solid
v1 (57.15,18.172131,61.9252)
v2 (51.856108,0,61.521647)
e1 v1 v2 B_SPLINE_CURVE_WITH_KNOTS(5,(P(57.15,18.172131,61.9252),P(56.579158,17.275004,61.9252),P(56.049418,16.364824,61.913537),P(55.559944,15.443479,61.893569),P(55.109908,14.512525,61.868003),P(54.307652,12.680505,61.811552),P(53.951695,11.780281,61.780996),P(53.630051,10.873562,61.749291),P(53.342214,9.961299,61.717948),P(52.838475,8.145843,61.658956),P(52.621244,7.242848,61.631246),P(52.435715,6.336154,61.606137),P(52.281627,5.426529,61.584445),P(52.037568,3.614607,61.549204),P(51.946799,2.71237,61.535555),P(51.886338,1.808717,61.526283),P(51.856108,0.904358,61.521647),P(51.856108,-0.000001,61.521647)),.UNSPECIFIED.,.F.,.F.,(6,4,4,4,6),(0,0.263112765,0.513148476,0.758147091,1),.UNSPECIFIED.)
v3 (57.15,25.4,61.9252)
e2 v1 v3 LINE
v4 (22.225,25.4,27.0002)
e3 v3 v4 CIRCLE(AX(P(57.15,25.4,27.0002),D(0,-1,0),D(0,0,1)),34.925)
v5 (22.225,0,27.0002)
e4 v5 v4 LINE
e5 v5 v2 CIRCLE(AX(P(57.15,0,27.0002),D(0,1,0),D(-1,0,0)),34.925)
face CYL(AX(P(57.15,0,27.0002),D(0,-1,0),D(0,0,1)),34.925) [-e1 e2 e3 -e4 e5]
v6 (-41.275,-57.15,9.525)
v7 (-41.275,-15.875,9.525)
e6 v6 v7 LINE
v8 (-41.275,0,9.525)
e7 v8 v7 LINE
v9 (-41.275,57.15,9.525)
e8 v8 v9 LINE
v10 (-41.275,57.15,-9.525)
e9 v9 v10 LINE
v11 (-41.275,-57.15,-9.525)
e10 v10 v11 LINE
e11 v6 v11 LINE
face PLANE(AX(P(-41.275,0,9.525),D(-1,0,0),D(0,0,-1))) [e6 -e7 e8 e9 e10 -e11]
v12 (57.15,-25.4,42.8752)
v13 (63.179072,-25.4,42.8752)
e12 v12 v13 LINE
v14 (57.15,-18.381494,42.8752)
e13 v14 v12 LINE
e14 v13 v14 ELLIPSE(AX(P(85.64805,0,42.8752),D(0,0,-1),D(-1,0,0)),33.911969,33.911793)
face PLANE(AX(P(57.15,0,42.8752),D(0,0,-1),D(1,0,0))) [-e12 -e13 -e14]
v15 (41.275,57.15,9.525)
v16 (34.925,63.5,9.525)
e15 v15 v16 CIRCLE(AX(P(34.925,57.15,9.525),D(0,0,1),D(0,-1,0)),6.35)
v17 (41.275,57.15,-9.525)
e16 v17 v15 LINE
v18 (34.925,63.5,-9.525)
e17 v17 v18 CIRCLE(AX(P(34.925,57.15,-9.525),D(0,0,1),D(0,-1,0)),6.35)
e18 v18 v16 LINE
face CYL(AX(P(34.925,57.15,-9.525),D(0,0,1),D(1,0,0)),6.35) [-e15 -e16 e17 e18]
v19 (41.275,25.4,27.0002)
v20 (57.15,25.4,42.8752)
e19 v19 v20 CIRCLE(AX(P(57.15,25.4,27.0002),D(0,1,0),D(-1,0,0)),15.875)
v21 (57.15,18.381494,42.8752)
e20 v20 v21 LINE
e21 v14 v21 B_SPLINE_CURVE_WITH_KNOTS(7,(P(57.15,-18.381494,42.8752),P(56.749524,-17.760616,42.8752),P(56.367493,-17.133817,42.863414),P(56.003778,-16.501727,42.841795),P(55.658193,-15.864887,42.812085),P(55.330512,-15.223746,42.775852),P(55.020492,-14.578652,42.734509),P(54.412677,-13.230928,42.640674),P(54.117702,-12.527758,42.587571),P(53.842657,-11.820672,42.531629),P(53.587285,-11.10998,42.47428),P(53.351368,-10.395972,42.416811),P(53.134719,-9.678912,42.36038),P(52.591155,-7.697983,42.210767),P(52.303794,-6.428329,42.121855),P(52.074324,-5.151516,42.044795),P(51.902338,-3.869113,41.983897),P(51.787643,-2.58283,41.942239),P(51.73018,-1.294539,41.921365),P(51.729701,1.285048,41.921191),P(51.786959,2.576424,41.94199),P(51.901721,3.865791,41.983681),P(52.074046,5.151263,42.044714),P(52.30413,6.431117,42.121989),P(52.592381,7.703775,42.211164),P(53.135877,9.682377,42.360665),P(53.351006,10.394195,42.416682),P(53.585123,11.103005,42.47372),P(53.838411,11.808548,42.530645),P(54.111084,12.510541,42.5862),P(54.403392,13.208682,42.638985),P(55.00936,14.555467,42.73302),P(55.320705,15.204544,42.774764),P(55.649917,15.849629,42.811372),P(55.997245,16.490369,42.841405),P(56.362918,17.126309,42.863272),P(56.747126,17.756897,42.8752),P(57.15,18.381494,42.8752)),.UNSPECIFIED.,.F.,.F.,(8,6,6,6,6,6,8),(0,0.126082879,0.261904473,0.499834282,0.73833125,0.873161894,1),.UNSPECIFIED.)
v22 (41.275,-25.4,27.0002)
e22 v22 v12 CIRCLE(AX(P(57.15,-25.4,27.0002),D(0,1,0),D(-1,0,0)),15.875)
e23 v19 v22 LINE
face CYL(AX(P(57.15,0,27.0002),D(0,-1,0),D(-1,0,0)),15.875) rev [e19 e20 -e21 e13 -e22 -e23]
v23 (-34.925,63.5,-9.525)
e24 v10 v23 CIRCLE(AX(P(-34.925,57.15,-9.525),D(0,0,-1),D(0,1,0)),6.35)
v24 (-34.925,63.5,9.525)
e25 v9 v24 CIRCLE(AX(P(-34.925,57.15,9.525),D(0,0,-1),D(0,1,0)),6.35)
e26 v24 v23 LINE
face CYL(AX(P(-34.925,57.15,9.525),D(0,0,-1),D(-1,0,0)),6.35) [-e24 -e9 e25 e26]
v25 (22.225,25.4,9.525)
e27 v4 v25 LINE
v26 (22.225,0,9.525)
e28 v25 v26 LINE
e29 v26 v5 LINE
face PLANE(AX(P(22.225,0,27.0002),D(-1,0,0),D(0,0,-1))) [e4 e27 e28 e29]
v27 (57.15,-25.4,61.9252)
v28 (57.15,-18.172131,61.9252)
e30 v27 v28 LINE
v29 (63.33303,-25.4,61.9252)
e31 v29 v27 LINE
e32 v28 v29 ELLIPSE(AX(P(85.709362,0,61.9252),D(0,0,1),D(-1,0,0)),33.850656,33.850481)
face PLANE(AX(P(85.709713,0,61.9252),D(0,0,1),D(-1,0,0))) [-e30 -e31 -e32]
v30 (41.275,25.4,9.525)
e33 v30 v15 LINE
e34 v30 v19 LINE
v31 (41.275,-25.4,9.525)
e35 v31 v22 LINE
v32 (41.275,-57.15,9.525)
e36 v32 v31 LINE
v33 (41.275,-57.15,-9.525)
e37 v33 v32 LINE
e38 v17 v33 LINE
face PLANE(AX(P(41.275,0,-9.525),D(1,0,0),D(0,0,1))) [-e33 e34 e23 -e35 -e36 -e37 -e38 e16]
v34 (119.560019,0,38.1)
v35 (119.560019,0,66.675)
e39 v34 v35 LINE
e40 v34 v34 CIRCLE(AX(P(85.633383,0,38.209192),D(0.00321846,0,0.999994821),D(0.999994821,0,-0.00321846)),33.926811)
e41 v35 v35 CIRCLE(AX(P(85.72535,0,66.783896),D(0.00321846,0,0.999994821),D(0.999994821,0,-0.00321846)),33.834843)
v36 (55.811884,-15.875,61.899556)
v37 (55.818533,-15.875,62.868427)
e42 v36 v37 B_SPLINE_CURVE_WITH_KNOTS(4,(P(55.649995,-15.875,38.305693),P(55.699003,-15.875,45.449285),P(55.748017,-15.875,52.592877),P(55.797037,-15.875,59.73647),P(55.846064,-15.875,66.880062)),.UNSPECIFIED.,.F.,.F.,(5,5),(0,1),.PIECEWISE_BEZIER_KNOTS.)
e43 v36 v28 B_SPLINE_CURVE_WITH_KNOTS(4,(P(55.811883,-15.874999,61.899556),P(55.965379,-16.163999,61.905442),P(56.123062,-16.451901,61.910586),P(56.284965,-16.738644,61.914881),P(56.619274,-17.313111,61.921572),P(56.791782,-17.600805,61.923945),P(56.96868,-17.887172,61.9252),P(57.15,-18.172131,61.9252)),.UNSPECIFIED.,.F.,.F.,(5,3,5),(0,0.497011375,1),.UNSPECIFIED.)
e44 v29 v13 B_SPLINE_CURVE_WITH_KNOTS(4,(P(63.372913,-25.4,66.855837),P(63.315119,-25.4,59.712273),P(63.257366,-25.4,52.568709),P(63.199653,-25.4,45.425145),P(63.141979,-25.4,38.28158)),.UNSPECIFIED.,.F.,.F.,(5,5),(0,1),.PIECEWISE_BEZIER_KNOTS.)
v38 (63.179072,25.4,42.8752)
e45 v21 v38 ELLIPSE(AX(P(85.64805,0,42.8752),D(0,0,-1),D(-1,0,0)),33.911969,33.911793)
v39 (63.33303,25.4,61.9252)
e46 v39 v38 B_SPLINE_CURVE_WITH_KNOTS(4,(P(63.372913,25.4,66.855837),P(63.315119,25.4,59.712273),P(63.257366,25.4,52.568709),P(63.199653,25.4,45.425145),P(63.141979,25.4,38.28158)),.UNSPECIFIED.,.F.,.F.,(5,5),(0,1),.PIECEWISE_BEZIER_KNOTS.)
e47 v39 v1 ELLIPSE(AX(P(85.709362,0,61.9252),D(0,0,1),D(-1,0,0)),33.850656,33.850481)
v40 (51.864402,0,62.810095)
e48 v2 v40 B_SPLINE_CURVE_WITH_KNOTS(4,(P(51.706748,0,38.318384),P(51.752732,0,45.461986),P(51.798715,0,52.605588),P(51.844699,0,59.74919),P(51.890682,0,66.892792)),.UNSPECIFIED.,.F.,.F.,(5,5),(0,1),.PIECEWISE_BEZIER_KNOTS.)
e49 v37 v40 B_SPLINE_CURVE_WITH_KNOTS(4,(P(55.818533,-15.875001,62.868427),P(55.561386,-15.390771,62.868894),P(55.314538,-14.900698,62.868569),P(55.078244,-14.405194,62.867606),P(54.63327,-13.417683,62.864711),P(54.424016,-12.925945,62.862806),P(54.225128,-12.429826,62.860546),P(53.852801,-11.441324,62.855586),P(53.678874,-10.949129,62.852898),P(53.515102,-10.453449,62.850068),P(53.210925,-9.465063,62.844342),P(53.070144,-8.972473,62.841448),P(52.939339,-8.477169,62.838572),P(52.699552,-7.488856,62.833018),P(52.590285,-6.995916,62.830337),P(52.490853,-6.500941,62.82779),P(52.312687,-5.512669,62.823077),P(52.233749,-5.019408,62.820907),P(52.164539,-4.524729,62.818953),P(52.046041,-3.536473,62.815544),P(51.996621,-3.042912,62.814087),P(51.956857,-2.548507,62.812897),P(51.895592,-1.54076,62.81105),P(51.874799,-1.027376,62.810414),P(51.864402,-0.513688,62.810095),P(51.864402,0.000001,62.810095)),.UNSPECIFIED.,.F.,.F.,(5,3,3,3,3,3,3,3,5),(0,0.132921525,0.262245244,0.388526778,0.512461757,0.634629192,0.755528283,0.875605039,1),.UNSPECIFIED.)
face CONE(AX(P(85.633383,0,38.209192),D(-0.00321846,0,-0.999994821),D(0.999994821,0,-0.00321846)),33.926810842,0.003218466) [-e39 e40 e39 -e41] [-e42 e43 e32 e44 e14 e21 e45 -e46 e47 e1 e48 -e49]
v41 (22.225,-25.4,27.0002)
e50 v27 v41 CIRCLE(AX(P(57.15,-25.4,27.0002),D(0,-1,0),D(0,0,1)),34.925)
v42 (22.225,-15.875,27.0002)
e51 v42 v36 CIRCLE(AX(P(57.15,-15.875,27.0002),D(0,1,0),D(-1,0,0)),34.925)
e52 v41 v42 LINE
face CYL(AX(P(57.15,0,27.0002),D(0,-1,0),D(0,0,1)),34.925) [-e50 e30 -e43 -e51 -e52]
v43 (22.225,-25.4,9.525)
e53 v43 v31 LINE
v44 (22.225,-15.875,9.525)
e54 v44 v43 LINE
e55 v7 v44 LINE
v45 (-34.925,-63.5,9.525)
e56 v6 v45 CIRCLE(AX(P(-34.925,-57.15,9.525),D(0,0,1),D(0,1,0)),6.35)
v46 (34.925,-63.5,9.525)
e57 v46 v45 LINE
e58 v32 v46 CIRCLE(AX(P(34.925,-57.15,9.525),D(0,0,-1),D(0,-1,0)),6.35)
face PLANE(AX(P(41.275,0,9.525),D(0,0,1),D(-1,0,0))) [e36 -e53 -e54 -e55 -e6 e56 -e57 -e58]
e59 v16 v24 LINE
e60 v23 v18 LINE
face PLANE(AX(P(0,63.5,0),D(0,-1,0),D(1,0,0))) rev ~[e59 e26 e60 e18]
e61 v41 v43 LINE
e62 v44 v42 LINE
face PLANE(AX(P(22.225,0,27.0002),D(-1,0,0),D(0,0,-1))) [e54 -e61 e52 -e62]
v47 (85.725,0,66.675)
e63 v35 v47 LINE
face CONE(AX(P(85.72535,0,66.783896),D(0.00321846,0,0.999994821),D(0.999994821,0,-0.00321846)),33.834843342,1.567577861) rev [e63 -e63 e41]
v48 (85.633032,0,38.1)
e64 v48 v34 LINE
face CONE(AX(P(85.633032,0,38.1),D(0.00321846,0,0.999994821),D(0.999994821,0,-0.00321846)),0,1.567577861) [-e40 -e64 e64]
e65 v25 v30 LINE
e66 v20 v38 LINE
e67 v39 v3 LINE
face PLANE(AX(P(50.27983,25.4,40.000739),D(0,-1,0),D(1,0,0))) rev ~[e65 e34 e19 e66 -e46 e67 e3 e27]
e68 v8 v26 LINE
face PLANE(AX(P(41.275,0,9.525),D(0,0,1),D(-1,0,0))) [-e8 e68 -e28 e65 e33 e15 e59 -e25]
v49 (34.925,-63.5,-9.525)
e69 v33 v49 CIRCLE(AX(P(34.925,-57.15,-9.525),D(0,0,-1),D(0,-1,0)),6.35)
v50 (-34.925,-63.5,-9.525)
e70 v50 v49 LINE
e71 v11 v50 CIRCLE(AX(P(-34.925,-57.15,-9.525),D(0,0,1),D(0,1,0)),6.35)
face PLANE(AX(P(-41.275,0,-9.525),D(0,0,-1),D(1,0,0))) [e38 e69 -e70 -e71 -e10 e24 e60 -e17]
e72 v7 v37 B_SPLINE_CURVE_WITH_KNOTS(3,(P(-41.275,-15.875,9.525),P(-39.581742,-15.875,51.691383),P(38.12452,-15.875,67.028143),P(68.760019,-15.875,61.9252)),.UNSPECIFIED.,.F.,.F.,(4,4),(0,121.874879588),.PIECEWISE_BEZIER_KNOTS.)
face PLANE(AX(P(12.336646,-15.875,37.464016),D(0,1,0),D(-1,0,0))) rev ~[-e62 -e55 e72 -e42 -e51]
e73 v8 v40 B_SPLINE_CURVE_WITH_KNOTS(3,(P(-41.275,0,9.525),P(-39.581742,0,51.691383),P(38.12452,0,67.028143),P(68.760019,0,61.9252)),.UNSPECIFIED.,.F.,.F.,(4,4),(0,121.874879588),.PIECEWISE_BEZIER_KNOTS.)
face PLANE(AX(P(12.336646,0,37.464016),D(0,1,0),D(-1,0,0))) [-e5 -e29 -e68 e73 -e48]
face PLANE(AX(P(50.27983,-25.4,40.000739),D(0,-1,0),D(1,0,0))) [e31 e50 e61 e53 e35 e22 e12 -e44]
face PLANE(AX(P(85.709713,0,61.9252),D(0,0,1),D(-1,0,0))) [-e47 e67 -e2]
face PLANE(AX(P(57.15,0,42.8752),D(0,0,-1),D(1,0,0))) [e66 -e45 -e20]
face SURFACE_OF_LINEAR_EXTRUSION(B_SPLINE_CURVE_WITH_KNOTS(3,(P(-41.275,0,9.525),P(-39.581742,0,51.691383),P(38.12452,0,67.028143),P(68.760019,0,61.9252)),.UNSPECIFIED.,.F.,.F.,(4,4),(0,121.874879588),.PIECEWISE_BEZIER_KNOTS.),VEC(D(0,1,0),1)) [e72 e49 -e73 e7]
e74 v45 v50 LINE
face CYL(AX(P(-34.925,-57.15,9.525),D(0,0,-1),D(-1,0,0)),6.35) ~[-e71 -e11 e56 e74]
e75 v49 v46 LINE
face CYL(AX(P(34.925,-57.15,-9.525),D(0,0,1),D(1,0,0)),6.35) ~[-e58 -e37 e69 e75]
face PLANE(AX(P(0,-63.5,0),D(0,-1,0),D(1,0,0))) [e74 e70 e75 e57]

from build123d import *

# Parameters (mm, degrees)
F1_DEPTH = 63.5
F2_DEPTH = 25.4
F3_DEPTH = 15.875
F5_R     = 6.35


with BuildPart() as f1:
    # F0 (on Front) → F1 (new body, symmetric)
    with BuildSketch(Plane.XZ):
        Polygon((22.225, 9.525), (-41.275, 9.525), (-41.275, -9.525), (41.275, -9.525), (41.275, 9.525), align=None)
    extrude(amount=F1_DEPTH, both=True)

    # F0 (on Front) → F2 (join, symmetric)
    with BuildSketch(Plane.XZ):
        with BuildLine():
            Line((22.225, 27.0002), (22.225, 9.525))
            Line((22.225, 9.525), (41.275, 9.525))
            Line((41.275, 9.525), (41.275, 27.0002))
            ThreePointArc((41.275, 27.0002), (45.9246798487, 38.2255201513), (57.15, 42.8752))
            Line((57.15, 42.8752), (68.7600185826, 42.8752))
            Line((68.7600185826, 42.8752), (85.6484008946, 42.8752))
            Line((85.6484008946, 42.8752), (85.7097128786, 61.9252))
            Line((85.7097128786, 61.9252), (68.7600185826, 61.9252))
            Line((68.7600185826, 61.9252), (57.15, 61.9252))
            ThreePointArc((57.15, 61.9252), (32.4542956671, 51.6959043329), (22.225, 27.0002))
        make_face()
    extrude(amount=F2_DEPTH, both=True)

    # F0 (on Front) → F3 (join)
    with BuildSketch(Plane.XZ):
        with BuildLine():
            add(Edge.make_bspline(
                [(-41.275, 9.525), (-39.5817421377, 51.6913831234), (38.1245203316, 67.0281425118), (68.7600185826, 61.9252)],
                knots=[0, 0, 0, 0, 121.8748795877, 121.8748795877, 121.8748795877, 121.8748795877], degree=3))
            Line((-41.275, 9.525), (22.225, 9.525))
            Line((22.225, 9.525), (22.225, 27.0002))
            ThreePointArc((22.225, 27.0002), (32.4542956671, 51.6959043329), (57.15, 61.9252))
            Line((57.15, 61.9252), (68.7600185826, 61.9252))
        make_face()
    extrude(amount=F3_DEPTH)

    # F0 (on Front) → F4 (revolve)
    with BuildSketch(Plane.XZ):
        Polygon((85.725, 66.675), (85.7097128786, 61.9252), (85.6484008946, 42.8752), (85.6330320239, 38.1), (119.5600185826, 38.1), (119.5600185826, 66.675), align=None)
    revolve(axis=Axis((85.679016012, 0, 52.3875), (0.0032184602, 0, 0.9999948207)))

    # F5
    f5_edges = [f1.edges().sort_by_distance(p)[0] for p in [
        (-41.275, -63.5, 0),
        (41.275, -63.5, 0),
        (41.275, 63.5, 0),
        (-41.275, 63.5, 0),
    ]]
    fillet(f5_edges, radius=F5_R)


solid = f1.part
